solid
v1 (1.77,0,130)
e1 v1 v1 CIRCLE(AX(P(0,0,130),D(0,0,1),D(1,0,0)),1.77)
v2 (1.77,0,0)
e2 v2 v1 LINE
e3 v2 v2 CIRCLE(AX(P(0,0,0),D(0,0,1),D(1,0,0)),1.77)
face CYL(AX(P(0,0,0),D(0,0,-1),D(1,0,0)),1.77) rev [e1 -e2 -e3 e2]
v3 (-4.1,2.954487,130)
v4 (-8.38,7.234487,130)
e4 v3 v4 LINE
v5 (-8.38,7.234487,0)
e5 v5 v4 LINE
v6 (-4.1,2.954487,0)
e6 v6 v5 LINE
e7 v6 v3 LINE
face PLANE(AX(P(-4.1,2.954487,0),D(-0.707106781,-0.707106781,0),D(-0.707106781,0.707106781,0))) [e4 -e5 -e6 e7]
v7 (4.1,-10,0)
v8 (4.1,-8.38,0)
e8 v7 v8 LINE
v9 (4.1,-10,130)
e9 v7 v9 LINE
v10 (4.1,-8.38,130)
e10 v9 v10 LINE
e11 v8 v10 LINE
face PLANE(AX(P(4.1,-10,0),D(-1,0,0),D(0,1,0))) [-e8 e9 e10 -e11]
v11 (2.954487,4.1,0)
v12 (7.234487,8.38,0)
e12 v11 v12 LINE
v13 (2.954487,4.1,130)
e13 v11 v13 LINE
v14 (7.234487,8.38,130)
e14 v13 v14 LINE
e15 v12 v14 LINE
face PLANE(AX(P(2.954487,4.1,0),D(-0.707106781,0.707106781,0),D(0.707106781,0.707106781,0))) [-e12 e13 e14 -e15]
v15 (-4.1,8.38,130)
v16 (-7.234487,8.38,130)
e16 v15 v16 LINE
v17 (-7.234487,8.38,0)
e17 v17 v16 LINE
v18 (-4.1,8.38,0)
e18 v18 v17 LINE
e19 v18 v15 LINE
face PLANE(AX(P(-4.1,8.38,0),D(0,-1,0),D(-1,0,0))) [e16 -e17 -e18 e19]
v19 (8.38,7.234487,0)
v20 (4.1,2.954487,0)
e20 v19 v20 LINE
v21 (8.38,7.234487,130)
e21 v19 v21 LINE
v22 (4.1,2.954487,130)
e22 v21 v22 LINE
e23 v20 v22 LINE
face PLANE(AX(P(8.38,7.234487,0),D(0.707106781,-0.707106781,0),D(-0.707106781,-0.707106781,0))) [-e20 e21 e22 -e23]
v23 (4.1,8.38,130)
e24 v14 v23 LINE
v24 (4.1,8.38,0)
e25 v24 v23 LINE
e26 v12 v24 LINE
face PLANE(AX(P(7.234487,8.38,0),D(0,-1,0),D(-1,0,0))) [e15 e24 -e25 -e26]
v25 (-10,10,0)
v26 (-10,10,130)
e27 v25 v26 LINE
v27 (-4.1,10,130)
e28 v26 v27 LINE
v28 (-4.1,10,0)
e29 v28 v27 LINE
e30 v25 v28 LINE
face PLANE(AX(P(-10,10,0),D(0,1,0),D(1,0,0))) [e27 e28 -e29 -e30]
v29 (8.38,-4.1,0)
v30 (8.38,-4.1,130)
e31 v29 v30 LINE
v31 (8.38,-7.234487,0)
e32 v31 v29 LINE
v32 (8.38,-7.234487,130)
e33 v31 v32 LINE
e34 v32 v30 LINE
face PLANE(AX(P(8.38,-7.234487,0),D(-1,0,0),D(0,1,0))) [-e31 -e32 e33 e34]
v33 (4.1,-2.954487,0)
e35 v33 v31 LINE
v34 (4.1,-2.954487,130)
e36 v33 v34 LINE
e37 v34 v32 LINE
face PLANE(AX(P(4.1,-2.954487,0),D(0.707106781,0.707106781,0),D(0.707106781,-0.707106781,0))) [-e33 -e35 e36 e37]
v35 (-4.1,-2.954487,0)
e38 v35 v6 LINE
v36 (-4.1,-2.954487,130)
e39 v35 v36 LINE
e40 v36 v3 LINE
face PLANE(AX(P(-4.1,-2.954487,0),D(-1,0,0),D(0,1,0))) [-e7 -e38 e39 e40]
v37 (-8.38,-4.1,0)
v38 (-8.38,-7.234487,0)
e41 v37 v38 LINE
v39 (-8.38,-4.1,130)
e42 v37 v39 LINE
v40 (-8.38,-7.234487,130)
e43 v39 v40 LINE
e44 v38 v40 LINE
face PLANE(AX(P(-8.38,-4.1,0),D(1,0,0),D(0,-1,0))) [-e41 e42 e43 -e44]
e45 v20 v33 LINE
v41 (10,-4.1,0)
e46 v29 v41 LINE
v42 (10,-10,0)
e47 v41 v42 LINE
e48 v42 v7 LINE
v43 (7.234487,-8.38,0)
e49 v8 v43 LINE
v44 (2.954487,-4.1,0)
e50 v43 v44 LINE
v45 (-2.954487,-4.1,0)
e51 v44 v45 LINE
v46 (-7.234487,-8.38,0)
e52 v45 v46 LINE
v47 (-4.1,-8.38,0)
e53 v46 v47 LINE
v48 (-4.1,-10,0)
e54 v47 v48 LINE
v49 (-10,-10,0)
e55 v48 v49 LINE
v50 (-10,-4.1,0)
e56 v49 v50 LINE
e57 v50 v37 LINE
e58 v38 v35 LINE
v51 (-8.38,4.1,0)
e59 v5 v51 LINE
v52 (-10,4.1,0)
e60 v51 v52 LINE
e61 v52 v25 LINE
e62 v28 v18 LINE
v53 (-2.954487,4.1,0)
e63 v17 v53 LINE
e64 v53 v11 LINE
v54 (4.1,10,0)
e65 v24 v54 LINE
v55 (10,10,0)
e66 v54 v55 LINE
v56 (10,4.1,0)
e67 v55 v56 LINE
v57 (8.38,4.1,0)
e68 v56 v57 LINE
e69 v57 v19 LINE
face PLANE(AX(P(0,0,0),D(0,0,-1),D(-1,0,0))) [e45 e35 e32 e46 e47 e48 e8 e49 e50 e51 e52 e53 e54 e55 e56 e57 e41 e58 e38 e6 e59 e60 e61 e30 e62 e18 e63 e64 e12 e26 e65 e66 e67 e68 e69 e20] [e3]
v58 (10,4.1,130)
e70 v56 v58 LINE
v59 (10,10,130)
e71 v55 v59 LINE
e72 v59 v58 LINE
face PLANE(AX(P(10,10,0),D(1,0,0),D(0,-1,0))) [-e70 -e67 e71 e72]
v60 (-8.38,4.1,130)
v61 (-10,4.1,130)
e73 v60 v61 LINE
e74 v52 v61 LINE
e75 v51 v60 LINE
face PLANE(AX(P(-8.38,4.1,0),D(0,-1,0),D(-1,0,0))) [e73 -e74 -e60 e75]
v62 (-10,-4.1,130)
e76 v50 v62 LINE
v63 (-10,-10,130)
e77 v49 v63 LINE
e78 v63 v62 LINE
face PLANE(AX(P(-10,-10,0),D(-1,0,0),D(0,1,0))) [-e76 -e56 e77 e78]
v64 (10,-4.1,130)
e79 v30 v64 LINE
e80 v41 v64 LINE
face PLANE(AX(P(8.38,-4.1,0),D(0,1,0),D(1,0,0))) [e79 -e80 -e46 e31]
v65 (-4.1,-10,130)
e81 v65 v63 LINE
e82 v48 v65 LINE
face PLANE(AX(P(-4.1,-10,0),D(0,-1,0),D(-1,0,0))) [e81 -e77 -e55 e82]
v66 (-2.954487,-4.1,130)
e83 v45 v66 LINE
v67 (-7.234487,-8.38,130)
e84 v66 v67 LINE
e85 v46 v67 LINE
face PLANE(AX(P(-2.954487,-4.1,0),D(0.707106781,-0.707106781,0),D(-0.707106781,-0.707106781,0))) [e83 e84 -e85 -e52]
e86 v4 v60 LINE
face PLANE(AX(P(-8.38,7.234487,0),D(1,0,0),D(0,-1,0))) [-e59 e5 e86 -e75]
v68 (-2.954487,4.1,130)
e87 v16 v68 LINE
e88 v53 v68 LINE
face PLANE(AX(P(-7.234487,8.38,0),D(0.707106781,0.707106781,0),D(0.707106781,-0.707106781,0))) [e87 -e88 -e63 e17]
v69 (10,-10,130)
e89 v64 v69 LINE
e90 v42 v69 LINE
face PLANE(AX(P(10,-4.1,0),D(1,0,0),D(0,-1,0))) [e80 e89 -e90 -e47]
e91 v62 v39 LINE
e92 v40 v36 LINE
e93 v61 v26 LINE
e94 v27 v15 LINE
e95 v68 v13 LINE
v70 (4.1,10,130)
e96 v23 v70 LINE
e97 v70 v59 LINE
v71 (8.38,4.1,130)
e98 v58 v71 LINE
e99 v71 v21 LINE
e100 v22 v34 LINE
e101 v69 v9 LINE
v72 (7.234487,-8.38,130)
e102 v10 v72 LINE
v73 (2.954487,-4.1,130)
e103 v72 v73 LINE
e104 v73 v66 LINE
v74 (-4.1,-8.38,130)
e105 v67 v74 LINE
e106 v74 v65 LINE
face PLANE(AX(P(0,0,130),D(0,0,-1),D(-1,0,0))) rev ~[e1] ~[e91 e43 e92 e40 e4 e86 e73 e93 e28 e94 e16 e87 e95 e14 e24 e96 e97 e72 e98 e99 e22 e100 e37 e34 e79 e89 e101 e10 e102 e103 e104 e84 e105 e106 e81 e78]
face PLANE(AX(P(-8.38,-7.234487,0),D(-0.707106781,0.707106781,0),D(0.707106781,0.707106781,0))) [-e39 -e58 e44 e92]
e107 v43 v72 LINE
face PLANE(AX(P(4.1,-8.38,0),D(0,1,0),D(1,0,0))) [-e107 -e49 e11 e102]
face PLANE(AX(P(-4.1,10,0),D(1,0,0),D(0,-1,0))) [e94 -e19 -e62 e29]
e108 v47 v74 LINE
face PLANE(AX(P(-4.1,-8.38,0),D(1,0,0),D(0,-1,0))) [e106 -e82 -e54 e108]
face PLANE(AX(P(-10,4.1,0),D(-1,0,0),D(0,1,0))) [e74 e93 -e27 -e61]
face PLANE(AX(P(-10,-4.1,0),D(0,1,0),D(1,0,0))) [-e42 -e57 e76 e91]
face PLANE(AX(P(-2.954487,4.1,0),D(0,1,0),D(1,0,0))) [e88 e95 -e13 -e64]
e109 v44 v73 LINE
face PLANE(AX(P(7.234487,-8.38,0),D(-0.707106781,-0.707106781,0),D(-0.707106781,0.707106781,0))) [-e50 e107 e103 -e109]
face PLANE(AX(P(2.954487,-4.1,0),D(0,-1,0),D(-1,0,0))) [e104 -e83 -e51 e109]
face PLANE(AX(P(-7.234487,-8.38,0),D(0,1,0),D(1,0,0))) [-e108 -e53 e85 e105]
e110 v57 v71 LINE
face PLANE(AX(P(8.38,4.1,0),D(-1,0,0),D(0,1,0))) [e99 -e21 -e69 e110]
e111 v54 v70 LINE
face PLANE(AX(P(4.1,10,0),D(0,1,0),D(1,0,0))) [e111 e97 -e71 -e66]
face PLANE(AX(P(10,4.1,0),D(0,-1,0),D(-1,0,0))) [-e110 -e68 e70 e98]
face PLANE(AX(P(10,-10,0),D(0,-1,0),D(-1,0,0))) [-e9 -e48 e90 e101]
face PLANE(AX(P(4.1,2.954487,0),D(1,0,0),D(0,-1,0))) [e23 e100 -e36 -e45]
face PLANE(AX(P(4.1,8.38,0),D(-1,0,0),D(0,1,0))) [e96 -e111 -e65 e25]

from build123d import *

# Parameters (mm, degrees)
SKETCH1_R           = 1.77
BOSS_EXTRUDE1_DEPTH = 130


with BuildPart() as part:
    # Sketch1 → Boss-Extrude1 (new body)
    with BuildSketch(Plane.XY):
        Polygon((-8.38, 4.1), (-10, 4.1), (-10, 10), (-4.1, 10), (-4.1, 8.38), (-7.234487014, 8.38), (-2.954487014, 4.1), (2.954487014, 4.1), (7.234487014, 8.38), (4.1, 8.38), (4.1, 10), (10, 10), (10, 4.1), (8.38, 4.1), (8.38, 7.234487014), (4.1, 2.954487014), (4.1, -2.954487014), (8.38, -7.234487014), (8.38, -4.1), (10, -4.1), (10, -10), (4.1, -10), (4.1, -8.38), (7.234487014, -8.38), (2.954487014, -4.1), (-2.954487014, -4.1), (-7.234487014, -8.38), (-4.1, -8.38), (-4.1, -10), (-10, -10), (-10, -4.1), (-8.38, -4.1), (-8.38, -7.234487014), (-4.1, -2.954487014), (-4.1, 2.954487014), (-8.38, 7.234487014), align=None)
        Circle(SKETCH1_R, mode=Mode.SUBTRACT)
    extrude(amount=BOSS_EXTRUDE1_DEPTH)


solid = part.part
